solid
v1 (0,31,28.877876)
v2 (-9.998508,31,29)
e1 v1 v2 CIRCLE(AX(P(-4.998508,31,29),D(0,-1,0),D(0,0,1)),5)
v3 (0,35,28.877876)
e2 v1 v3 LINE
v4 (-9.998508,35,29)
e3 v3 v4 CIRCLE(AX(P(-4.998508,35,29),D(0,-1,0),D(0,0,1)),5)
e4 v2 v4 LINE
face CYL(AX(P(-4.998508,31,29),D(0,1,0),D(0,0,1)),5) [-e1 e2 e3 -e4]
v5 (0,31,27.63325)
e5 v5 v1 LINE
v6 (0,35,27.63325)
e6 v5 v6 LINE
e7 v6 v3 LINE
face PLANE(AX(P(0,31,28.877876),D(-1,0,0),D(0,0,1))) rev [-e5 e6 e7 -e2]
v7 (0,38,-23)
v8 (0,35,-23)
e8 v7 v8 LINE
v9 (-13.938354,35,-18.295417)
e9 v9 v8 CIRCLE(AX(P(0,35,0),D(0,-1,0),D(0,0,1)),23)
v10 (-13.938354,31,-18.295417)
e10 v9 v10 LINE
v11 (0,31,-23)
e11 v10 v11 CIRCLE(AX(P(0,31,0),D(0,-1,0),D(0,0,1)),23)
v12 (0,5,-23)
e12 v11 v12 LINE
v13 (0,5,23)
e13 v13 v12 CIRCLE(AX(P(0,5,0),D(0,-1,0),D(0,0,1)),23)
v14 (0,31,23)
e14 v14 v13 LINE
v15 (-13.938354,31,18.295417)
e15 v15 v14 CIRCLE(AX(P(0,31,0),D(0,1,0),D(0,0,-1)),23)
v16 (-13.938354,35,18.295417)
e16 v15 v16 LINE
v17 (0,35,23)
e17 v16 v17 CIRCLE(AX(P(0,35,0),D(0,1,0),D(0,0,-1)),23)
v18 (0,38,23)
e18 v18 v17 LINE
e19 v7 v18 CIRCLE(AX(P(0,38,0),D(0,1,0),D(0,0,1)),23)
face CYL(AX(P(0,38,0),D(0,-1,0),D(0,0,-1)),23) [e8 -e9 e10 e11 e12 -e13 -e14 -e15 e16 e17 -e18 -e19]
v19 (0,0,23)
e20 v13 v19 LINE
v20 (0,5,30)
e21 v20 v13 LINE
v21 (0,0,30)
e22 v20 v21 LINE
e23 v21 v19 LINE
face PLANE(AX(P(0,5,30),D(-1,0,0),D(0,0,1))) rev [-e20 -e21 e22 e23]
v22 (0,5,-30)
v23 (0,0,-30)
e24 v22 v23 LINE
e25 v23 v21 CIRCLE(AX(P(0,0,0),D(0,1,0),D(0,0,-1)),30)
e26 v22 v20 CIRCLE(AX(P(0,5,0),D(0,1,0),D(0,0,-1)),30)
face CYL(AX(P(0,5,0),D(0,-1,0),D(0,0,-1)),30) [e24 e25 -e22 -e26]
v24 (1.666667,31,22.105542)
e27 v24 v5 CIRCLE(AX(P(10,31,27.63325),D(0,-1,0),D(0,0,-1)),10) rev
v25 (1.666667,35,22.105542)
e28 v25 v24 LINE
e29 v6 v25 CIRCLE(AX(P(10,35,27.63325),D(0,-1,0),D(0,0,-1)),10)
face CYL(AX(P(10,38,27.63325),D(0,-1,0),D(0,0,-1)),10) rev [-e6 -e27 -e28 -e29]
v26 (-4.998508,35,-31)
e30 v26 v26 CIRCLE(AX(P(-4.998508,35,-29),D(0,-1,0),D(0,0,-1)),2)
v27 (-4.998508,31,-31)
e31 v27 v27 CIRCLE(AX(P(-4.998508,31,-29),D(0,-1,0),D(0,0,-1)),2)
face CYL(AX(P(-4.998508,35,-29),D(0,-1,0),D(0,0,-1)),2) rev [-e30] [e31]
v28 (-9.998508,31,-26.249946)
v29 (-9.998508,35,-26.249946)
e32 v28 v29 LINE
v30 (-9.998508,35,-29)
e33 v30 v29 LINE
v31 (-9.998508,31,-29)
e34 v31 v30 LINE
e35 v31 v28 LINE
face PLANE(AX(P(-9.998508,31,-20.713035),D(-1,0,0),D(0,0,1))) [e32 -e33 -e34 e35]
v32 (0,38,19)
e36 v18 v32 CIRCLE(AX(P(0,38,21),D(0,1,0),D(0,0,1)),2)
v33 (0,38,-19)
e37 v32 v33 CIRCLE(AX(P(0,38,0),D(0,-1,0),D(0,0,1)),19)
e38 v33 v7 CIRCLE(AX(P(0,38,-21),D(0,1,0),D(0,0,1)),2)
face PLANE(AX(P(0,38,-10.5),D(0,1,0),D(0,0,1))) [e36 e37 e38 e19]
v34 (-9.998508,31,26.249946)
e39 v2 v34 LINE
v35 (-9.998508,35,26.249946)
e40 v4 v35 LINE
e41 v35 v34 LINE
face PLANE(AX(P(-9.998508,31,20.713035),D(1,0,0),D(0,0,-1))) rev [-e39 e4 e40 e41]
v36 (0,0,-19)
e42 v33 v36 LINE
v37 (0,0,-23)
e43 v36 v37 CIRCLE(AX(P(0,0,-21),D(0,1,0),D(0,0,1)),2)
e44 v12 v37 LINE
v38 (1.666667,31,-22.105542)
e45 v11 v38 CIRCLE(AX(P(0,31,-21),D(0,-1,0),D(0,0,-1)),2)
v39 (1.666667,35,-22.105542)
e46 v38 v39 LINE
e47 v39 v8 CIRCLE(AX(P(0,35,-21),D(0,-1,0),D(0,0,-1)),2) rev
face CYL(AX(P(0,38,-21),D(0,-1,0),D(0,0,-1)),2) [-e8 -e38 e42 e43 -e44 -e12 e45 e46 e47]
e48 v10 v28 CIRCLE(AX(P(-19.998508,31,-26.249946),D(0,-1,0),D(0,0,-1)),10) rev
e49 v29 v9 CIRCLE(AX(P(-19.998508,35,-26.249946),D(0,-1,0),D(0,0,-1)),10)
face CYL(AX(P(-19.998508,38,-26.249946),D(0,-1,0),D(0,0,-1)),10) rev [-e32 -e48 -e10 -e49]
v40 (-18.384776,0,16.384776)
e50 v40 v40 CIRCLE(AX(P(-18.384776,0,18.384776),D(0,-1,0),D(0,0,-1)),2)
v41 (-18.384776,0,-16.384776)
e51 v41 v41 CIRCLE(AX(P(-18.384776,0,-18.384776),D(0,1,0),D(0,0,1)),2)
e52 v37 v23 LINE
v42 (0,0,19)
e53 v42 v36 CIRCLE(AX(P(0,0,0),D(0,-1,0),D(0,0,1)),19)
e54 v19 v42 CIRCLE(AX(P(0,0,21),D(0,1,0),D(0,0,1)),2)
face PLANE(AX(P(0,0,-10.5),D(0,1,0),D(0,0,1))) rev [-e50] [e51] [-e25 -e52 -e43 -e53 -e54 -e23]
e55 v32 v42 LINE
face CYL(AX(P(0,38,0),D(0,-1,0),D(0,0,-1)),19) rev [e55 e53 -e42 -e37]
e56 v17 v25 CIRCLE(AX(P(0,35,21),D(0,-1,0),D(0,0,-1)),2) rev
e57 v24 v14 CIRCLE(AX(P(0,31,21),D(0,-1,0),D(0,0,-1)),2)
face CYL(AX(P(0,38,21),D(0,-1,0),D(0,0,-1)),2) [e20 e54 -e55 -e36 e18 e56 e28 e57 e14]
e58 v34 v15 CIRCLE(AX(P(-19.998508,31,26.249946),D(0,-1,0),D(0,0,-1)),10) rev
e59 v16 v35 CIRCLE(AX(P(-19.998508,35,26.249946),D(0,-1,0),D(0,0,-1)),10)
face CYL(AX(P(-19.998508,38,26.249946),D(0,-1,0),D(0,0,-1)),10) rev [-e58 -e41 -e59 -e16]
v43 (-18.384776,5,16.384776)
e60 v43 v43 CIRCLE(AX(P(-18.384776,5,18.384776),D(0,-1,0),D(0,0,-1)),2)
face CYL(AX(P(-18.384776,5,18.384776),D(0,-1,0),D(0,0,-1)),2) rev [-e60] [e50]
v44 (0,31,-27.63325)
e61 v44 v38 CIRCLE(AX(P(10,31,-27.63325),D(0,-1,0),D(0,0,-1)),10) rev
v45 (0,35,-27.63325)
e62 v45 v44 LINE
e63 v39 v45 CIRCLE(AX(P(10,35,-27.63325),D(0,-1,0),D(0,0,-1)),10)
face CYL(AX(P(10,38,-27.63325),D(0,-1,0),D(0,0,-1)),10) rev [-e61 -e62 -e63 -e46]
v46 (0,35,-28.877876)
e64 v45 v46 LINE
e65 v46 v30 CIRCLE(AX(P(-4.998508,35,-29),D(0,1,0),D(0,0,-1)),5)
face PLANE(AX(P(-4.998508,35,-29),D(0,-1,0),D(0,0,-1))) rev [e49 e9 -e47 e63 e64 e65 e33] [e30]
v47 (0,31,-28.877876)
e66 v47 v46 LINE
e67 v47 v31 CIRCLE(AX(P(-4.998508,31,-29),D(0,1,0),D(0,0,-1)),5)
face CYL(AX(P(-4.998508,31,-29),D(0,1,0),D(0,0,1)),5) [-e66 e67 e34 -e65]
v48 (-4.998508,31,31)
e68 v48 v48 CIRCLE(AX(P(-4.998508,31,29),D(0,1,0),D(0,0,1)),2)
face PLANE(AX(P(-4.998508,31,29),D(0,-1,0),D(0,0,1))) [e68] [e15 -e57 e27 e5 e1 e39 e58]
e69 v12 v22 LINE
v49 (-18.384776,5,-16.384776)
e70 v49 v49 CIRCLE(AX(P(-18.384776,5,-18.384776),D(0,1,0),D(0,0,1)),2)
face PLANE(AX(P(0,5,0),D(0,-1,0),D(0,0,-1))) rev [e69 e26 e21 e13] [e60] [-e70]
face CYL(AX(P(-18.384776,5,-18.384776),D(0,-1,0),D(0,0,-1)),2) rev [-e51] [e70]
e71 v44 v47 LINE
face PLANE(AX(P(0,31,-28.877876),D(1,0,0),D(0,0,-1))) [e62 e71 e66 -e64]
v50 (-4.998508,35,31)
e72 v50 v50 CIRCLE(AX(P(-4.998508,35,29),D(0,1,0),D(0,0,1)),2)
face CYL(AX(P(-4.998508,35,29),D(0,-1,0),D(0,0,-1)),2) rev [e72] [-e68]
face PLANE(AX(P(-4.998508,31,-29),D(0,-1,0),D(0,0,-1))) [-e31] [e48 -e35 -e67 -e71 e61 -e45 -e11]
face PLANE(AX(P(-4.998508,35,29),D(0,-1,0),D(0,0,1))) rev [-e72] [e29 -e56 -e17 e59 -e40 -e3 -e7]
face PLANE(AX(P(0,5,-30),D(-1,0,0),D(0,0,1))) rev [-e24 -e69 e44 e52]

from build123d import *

# Parameters (mm, degrees)
BOSS_EXTRUDE1_DEPTH = 38
BOSS_EXTRUDE2_DEPTH = 5
SKETCH3_R           = 2
CUT_EXTRUDE1_DEPTH  = 5
BOSS_EXTRUDE3_START = -4
BOSS_EXTRUDE3_DEPTH = 4
SKETCH5_R           = 2
CUT_EXTRUDE2_DEPTH  = 4
FILLET1_R           = 10


with BuildPart() as part:
    # Sketch1 → Boss-Extrude1 (new body)
    with BuildSketch(Plane(origin=(0, 0, 0), x_dir=(1, 0, 0), z_dir=(0, 1, 0))):
        with BuildLine():
            ThreePointArc((0, 23), (-23, 0), (0, -23))
            ThreePointArc((0, -23), (2, -21), (0, -19))
            ThreePointArc((0, -19), (-19, 0), (0, 19))
            ThreePointArc((0, 19), (2, 21), (0, 23))
        make_face()
    extrude(amount=BOSS_EXTRUDE1_DEPTH)

    # Sketch2 → Boss-Extrude2 (add)
    with BuildSketch(Plane(origin=(0, 0, 0), x_dir=(1, 0, 0), z_dir=(0, 1, 0))):
        with BuildLine():
            Line((0, 30), (0, 23))
            ThreePointArc((0, 23), (-23, 0), (0, -23))
            Line((0, -23), (0, -30))
            ThreePointArc((0, -30), (-30, 0), (0, 30))
        make_face()
    extrude(amount=BOSS_EXTRUDE2_DEPTH)

    # Sketch3 → Cut-Extrude1 (cut)
    with BuildSketch(Plane(origin=(0, 0, 0), x_dir=(-1, 0, 0), z_dir=(0, -1, 0))):
        with Locations(Location((18.384776311, -18.384776311, 0), (0, 0, 90))):
            Circle(SKETCH3_R)
    cut_extrude1 = extrude(amount=-CUT_EXTRUDE1_DEPTH, mode=Mode.SUBTRACT)

    # Mirror1: Cut-Extrude1 across plane
    add(cut_extrude1.mirror(Plane.XY), mode=Mode.SUBTRACT)

    # Sketch4 → Boss-Extrude3 (add)
    with BuildSketch(Plane(origin=(0, 35, 0), x_dir=(1, 0, 0), z_dir=(0, 1, 0)).offset(BOSS_EXTRUDE3_START)):
        with BuildLine():
            Line((0, 28.877875957), (0, 23))
            ThreePointArc((0, 23), (-5.128361746, 22.420970224), (-9.998508349, 20.713035287))
            Line((-9.998508349, 20.713035287), (-9.998508349, 29))
            ThreePointArc((-9.998508349, 29), (-4.937441773, 33.999627073), (0, 28.877875957))
        make_face()
    boss_extrude3 = extrude(amount=BOSS_EXTRUDE3_DEPTH)

    # Sketch5 → Cut-Extrude2 (cut)
    with BuildSketch(Plane.XZ.offset(-31)):
        with Locations(Location((-4.998508349, -29, 0), (0, 0, 270))):
            Circle(SKETCH5_R)
    cut_extrude2 = extrude(amount=-CUT_EXTRUDE2_DEPTH, mode=Mode.SUBTRACT)

    # Mirror2: Boss-Extrude3, Cut-Extrude2 across plane
    add(boss_extrude3.mirror(Plane.XY))
    add(cut_extrude2.mirror(Plane.XY), mode=Mode.SUBTRACT)

    # Fillet1
    fillet1_edges = [part.edges().sort_by_distance(p)[0] for p in [
        (0, 33, -23),
        (-9.998508349, 33, -20.713035287),
        (-9.998508349, 33, 20.713035287),
        (0, 33, 23),
    ]]
    fillet(fillet1_edges, radius=FILLET1_R)


solid = part.part
